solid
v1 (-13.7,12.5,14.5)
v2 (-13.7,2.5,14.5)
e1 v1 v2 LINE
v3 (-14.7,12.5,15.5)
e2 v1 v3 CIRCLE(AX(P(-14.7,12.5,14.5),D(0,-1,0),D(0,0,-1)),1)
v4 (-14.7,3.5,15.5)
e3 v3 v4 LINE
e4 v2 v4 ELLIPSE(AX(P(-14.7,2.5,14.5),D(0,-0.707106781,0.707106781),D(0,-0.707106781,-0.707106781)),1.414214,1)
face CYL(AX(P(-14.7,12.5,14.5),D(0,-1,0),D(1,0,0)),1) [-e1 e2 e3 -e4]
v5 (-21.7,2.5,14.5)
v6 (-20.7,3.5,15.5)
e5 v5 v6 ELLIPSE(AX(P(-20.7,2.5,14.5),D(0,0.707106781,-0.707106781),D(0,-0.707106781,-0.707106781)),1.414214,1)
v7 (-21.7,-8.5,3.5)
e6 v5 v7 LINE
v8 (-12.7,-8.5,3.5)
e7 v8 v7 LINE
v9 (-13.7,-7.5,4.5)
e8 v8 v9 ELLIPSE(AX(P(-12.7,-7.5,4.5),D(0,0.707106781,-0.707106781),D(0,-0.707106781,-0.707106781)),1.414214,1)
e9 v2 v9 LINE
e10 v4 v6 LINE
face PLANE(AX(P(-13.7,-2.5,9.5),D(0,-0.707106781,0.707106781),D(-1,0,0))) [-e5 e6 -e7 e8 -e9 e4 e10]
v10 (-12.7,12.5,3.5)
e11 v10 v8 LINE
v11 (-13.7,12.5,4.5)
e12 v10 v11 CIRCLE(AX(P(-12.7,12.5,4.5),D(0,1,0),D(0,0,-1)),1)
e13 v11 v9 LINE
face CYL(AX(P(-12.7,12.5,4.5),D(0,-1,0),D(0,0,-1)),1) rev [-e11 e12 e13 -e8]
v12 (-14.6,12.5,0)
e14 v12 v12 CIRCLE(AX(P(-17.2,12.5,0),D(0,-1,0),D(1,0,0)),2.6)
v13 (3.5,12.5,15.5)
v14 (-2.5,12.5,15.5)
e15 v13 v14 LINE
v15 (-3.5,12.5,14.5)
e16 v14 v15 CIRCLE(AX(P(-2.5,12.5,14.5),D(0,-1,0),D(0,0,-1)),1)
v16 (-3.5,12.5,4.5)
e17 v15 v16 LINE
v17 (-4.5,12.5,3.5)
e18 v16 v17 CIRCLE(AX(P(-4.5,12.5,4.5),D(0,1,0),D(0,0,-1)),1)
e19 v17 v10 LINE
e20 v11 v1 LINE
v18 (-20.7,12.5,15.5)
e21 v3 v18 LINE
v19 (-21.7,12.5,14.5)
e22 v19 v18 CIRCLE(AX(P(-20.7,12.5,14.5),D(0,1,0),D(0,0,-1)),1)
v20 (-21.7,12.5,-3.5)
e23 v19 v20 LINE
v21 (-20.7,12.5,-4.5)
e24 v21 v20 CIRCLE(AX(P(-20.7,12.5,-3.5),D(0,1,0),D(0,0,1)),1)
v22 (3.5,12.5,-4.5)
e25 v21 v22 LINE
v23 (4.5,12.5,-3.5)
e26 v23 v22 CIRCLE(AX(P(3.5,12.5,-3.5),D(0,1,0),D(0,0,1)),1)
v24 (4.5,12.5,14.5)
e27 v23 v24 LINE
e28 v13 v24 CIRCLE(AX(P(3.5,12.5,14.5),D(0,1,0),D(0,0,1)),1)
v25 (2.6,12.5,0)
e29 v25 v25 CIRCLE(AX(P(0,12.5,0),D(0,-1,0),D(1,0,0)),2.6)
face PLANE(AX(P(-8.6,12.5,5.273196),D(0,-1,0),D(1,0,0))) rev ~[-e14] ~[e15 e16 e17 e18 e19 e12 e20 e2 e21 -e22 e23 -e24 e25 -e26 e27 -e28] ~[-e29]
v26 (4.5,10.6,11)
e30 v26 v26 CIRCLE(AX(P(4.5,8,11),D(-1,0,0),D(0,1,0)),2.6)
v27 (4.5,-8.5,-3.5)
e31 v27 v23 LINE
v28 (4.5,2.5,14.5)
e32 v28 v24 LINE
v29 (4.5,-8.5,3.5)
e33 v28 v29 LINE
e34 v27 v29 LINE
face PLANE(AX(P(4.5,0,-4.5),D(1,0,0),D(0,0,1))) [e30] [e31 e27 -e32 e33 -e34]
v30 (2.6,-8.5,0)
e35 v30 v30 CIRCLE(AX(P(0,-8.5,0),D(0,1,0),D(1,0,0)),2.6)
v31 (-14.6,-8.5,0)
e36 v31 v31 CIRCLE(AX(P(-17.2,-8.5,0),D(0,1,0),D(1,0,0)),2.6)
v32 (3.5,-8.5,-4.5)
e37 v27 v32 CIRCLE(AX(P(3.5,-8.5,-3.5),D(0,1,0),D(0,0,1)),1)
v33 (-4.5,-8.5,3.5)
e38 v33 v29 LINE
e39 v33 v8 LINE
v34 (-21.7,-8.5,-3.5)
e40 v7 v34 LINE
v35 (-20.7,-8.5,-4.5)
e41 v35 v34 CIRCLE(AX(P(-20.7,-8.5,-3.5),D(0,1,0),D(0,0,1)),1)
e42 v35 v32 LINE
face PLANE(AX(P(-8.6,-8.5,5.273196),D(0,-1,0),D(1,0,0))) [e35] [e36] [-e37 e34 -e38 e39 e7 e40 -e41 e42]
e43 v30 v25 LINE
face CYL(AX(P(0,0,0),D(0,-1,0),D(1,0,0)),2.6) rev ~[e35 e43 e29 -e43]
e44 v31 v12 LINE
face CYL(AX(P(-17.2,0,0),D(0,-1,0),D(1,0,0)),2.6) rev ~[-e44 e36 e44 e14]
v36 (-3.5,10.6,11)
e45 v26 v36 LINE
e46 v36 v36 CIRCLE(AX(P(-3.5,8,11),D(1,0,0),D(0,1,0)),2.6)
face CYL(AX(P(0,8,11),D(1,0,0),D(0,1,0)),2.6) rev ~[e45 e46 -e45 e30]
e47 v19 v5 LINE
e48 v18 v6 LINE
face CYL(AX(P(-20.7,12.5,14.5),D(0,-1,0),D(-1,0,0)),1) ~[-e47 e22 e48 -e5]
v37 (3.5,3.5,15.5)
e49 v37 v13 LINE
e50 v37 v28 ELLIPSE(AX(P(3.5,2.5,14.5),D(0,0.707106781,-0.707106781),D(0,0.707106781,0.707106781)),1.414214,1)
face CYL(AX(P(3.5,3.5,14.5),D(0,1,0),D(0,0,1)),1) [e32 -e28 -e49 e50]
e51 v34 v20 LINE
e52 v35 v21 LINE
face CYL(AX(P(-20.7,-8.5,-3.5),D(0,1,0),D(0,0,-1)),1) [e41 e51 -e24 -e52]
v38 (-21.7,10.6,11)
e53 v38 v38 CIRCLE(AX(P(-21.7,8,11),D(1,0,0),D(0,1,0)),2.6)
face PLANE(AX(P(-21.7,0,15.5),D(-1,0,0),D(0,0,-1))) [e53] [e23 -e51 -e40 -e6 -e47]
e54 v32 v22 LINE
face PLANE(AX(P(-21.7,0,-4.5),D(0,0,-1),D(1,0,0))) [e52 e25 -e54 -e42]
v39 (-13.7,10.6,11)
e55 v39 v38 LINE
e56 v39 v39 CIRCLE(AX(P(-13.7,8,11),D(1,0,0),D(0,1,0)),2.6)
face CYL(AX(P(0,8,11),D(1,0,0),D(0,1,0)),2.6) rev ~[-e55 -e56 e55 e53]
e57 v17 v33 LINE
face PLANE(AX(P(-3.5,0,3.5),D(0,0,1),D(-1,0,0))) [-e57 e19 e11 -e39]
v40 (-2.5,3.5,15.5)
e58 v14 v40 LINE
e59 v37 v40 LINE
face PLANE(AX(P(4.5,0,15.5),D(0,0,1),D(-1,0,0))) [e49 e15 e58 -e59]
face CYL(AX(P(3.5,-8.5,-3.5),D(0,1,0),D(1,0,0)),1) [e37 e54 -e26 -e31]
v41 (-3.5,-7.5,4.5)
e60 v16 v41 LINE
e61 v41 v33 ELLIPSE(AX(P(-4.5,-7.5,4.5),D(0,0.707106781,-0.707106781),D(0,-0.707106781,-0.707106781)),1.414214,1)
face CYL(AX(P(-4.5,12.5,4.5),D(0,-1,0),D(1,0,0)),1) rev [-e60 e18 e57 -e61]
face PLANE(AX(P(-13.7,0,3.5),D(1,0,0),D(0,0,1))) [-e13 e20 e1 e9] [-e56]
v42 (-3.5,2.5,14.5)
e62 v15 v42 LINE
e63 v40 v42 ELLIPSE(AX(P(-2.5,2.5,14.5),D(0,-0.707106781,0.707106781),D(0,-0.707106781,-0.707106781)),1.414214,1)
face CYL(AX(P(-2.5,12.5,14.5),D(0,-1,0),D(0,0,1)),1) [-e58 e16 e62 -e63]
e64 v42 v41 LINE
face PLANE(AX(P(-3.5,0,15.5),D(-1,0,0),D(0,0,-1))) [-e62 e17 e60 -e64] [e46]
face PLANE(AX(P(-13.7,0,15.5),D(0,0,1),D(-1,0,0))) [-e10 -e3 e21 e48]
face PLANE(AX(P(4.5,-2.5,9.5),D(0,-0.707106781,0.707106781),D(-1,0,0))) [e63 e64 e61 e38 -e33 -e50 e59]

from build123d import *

# Parameters (mm, degrees)
F1_DEPTH      = 8.5
F1_DEPTH_BACK = 12.5
F2_R          = 2.6
F3_DEPTH      = 13
F3_DEPTH_BACK = 13
F4_R          = 2.6
F5_DEPTH      = 25
F5_DEPTH_BACK = 25
F6_SIZE       = 12
F7_R          = 1


with BuildPart() as f1:
    # F0 (on Front) → F1 (new body, two sides)
    with BuildSketch(Plane.XZ) as f1_sk:
        Polygon((4.5, 15.5), (-3.5, 15.5), (-3.5, 3.5), (-13.7, 3.5), (-13.7, 15.5), (-21.7, 15.5), (-21.7, -4.5), (4.5, -4.5), align=None)
    extrude(amount=F1_DEPTH)
    extrude(f1_sk.sketch, amount=-F1_DEPTH_BACK)

    # F2 (on Front) → F3 (cut, two sides)
    with BuildSketch(Plane.XZ) as f3_sk:
        Circle(F2_R)
        with Locations((-17.2, 0)):
            Circle(F2_R)
    extrude(amount=F3_DEPTH, mode=Mode.SUBTRACT)
    extrude(f3_sk.sketch, amount=-F3_DEPTH_BACK, mode=Mode.SUBTRACT)

    # F4 (on Right) → F5 (cut, two sides)
    with BuildSketch(Plane.YZ) as f5_sk:
        with Locations((8, 11)):
            Circle(F4_R)
    extrude(amount=-F5_DEPTH, mode=Mode.SUBTRACT)
    extrude(f5_sk.sketch, amount=F5_DEPTH_BACK, mode=Mode.SUBTRACT)

    # F6
    f6_edges = [f1.edges().sort_by_distance(p)[0] for p in [
        (-17.7, -8.5, 15.5),
        (0.5, -8.5, 15.5),
    ]]
    chamfer(f6_edges, length=F6_SIZE)

    # F7
    f7_edges = [f1.edges().sort_by_distance(p)[0] for p in [
        (4.5, 2, -4.5),
        (4.5, 8, 15.5),
        (-21.7, 2, -4.5),
        (-21.7, 8, 15.5),
        (-13.7, 8, 15.5),
        (-3.5, 2, 3.5),
        (-13.7, 2, 3.5),
        (-3.5, 8, 15.5),
    ]]
    fillet(f7_edges, radius=F7_R)


solid = f1.part
